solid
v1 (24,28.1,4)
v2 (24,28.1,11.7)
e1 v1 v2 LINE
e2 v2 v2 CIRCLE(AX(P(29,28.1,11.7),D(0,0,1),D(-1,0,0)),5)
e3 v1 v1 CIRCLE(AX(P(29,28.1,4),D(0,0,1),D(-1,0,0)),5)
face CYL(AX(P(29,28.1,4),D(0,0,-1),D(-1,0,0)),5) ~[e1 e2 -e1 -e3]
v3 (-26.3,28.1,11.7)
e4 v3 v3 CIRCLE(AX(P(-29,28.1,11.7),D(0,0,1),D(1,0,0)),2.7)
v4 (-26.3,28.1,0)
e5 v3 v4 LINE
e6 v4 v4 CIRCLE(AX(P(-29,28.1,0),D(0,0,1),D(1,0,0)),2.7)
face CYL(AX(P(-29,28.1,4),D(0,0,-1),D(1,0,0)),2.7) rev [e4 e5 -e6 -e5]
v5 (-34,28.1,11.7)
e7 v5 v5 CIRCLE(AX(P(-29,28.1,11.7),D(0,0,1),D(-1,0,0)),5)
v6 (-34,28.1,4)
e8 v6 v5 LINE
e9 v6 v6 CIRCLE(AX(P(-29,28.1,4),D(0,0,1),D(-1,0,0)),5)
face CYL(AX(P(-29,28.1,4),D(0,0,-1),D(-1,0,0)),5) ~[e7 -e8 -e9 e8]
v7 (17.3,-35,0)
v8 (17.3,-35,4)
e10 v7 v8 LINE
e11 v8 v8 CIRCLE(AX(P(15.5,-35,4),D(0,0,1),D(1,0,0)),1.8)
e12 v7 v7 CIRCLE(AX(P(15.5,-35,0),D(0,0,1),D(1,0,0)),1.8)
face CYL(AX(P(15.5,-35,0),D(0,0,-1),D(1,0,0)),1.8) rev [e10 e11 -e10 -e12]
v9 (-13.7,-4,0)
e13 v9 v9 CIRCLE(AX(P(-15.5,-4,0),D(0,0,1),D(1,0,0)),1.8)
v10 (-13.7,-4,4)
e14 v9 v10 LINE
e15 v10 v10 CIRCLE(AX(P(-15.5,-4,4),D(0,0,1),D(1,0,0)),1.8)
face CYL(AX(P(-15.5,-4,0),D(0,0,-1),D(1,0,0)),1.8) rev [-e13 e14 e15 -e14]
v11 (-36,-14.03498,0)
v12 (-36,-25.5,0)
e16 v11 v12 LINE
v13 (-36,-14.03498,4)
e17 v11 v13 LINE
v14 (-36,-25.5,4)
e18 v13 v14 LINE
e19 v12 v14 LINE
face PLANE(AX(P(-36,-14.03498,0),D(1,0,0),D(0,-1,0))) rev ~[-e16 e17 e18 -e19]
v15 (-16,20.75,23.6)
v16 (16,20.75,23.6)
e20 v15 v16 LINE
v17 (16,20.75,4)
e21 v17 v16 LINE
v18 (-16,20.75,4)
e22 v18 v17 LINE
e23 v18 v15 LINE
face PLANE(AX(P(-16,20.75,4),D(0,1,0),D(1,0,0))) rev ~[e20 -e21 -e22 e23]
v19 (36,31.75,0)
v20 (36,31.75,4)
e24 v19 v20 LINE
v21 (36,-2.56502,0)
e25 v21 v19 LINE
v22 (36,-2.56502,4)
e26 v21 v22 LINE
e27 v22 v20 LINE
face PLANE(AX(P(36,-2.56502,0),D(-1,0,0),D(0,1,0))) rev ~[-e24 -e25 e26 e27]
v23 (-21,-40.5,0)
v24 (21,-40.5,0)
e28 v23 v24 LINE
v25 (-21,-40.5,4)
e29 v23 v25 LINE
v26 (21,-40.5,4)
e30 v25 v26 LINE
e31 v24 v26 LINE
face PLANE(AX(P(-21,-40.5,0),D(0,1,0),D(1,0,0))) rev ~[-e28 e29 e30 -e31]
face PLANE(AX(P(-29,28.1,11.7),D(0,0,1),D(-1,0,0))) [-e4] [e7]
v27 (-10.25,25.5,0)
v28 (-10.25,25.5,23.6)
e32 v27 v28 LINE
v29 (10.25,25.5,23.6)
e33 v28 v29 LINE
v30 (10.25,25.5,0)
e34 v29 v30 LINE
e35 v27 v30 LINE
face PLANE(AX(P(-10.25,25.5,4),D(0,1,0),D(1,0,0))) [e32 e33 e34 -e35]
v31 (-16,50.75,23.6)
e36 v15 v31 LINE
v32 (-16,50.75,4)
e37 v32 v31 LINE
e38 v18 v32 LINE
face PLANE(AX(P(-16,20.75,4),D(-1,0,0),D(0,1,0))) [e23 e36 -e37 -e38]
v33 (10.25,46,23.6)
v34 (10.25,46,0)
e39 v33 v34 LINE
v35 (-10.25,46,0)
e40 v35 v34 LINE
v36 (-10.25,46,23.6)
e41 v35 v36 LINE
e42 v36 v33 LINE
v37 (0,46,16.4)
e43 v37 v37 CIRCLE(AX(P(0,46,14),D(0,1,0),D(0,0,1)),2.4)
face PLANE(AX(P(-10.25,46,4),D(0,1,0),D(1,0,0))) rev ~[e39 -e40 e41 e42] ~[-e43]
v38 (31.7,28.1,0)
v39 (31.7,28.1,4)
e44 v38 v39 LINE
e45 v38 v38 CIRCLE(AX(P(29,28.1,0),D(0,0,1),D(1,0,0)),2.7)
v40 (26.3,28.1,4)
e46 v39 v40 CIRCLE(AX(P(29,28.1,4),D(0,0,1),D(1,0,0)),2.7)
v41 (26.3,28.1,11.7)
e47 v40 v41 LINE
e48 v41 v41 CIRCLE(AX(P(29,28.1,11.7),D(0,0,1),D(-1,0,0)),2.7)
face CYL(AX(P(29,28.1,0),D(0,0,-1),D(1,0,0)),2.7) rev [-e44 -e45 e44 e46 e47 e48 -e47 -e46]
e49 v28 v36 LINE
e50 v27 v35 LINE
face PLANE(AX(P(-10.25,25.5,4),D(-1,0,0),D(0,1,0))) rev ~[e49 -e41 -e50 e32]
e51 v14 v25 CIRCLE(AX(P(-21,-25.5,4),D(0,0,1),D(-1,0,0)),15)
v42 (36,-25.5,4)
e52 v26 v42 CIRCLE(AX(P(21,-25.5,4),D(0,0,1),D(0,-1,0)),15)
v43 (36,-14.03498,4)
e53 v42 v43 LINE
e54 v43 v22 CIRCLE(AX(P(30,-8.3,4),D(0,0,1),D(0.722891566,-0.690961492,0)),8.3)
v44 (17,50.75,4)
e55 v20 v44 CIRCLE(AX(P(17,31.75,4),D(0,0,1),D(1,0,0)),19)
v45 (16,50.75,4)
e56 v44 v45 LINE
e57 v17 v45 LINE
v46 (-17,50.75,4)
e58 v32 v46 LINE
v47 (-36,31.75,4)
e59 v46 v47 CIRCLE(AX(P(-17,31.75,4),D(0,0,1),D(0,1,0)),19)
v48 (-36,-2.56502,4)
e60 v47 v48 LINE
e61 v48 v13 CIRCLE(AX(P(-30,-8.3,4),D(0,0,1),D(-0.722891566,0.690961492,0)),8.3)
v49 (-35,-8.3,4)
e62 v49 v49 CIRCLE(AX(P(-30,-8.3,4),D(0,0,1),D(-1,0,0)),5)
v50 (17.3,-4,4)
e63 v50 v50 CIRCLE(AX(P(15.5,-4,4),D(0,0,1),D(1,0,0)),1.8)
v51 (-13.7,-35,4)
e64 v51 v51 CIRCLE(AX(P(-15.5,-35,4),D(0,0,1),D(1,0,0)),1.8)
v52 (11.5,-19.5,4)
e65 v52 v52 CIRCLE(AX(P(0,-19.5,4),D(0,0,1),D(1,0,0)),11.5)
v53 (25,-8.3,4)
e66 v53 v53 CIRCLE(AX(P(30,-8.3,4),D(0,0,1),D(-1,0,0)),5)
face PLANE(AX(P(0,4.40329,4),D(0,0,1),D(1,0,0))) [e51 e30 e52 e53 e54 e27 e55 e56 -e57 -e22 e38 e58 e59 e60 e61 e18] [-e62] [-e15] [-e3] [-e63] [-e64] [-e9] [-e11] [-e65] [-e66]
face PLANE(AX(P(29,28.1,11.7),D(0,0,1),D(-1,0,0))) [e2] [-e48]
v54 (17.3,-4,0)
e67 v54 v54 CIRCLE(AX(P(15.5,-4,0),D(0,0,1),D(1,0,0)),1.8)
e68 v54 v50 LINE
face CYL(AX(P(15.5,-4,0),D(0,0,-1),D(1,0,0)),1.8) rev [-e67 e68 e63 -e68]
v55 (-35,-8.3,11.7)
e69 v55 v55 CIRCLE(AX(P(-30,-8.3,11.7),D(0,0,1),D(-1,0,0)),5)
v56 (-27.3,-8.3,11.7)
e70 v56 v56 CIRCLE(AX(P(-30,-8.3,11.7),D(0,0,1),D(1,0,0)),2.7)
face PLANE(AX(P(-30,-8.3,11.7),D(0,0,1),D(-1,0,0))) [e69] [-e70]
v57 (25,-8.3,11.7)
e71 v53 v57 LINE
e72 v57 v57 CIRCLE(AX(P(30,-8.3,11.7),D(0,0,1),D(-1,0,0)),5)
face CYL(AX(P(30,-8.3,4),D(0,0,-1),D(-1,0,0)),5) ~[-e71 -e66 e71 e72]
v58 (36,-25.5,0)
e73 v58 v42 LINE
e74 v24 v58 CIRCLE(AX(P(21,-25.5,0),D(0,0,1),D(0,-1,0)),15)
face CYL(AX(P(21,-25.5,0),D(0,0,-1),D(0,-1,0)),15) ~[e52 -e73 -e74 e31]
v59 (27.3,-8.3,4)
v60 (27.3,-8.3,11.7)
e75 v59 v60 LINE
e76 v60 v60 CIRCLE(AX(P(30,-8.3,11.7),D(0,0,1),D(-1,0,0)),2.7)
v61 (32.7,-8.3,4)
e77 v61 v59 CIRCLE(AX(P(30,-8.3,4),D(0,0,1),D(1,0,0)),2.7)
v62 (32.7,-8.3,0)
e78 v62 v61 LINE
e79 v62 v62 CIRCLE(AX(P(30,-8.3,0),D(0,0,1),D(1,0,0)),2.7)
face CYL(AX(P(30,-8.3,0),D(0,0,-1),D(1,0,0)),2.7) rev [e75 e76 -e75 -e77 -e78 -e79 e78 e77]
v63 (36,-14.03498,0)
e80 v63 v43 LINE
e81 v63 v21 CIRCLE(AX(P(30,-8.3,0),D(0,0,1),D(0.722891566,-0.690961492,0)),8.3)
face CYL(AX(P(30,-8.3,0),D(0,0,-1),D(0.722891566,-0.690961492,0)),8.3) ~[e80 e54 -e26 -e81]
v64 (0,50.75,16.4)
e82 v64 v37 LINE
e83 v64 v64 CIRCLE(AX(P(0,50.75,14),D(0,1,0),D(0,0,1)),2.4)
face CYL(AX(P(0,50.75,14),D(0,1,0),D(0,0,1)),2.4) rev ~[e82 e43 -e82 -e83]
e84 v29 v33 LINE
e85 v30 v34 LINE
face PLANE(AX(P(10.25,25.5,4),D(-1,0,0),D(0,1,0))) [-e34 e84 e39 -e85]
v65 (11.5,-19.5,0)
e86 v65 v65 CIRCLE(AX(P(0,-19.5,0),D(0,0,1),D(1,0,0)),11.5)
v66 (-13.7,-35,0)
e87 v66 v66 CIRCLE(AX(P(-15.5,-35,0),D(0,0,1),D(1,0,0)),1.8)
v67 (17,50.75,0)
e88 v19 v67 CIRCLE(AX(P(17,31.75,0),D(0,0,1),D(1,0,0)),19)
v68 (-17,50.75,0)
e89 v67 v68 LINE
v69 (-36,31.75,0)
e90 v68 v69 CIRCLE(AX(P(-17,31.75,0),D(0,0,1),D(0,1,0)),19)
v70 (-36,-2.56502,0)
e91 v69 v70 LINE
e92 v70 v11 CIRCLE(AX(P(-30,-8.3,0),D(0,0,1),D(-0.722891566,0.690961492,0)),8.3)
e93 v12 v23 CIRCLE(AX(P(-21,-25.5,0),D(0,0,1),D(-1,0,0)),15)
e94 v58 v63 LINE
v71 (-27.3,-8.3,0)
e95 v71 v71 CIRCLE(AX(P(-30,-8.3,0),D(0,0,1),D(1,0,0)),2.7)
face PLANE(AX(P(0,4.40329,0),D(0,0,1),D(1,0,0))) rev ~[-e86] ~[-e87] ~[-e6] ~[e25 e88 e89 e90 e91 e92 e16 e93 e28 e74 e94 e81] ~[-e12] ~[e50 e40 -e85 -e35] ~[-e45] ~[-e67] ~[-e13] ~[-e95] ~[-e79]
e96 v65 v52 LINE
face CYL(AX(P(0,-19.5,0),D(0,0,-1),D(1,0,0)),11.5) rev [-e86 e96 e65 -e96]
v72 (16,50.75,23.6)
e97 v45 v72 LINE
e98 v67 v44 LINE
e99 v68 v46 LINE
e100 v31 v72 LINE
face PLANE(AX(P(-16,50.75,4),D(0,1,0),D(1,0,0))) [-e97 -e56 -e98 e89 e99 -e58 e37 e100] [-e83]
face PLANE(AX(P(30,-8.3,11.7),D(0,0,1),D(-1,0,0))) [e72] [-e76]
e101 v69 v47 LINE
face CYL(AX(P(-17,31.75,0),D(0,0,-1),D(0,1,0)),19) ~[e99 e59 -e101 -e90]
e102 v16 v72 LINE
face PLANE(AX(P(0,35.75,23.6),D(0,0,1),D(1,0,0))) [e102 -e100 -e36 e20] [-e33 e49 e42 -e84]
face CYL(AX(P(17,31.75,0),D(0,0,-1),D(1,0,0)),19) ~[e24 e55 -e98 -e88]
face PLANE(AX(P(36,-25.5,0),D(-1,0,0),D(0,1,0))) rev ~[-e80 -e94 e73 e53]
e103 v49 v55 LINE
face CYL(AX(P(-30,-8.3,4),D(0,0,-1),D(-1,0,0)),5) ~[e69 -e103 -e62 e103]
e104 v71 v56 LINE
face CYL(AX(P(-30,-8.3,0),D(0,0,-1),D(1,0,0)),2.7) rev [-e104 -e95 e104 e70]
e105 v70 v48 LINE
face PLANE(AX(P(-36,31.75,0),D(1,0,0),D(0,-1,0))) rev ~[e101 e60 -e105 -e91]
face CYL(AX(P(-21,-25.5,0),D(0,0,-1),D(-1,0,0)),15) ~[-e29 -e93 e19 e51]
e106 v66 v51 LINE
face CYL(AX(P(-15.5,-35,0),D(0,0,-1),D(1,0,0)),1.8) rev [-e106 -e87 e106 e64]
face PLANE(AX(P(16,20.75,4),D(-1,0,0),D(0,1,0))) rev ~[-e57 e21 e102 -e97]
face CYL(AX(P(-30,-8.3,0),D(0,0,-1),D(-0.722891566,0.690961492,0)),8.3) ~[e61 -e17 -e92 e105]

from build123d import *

# Parameters (mm, degrees)
SKETCH_1_R          = 1.8
SKETCH_1_R_2        = 11.5
SKETCH_1_R_3        = 2.7
SKETCH_1_W          = 20.5
SKETCH_1_H          = 20.5
EXTRUDE_1_DEPTH     = 4
EXTRUDE_START       = 4
SKETCH_1_4_W        = 32
SKETCH_1_4_H        = 30
SKETCH_1_4_W_2      = 20.5
SKETCH_1_4_H_2      = 20.5
SKETCH_1_4_R        = 1.6
EXTRUDE_3_DEPTH     = 19.6
CUT_EXTRUDE_4_REACH = 103.737
SKETCH_8_R          = 2.4
SKETCH_9_R          = 5
SKETCH_9_R_2        = 2.7
EXTRUDE_4_DEPTH     = 7.7


with BuildPart() as part:
    # 草图1 → 凸台-拉伸1 (new body)
    with BuildSketch(Plane.XY):
        with BuildLine():
            ThreePointArc((-36, -25.5), (-31.606601718, -36.106601718), (-21, -40.5))
            Line((-21, -40.5), (21, -40.5))
            ThreePointArc((21, -40.5), (31.606601718, -36.106601718), (36, -25.5))
            Line((36, -25.5), (36, -14.034980384))
            ThreePointArc((36, -14.034980384), (38.3, -8.3), (36, -2.565019616))
            Line((36, -2.565019616), (36, 31.75))
            ThreePointArc((36, 31.75), (30.435028843, 45.185028843), (17, 50.75))
            Line((17, 50.75), (-17, 50.75))
            ThreePointArc((-17, 50.75), (-30.435028843, 45.185028843), (-36, 31.75))
            Line((-36, 31.75), (-36, -2.565019616))
            ThreePointArc((-36, -2.565019616), (-38.3, -8.3), (-36, -14.034980384))
            Line((-36, -14.034980384), (-36, -25.5))
        make_face()
        with Locations((15.5, -35)):
            Circle(SKETCH_1_R, mode=Mode.SUBTRACT)
        with Locations((0, -19.5)):
            Circle(SKETCH_1_R_2, mode=Mode.SUBTRACT)
        with Locations((15.5, -4)):
            Circle(SKETCH_1_R, mode=Mode.SUBTRACT)
        with Locations((-15.5, -35)):
            Circle(SKETCH_1_R, mode=Mode.SUBTRACT)
        with Locations((-15.5, -4)):
            Circle(SKETCH_1_R, mode=Mode.SUBTRACT)
        with Locations((-30, -8.3)):
            Circle(SKETCH_1_R_3, mode=Mode.SUBTRACT)
        with Locations((30, -8.3)):
            Circle(SKETCH_1_R_3, mode=Mode.SUBTRACT)
        with Locations((-29, 28.1)):
            Circle(SKETCH_1_R_3, mode=Mode.SUBTRACT)
        with Locations((29, 28.1)):
            Circle(SKETCH_1_R_3, mode=Mode.SUBTRACT)
        with Locations((0, 35.75)):
            Rectangle(SKETCH_1_W, SKETCH_1_H, mode=Mode.SUBTRACT)
    extrude(amount=EXTRUDE_1_DEPTH)

    # 草图1<4> → 凸台-拉伸3 (add)
    # profile 1 of 3: a face of its own
    with BuildSketch(Plane.XY.offset(EXTRUDE_START)):
        with Locations((0, 35.75)):
            Rectangle(SKETCH_1_4_W, SKETCH_1_4_H)
        with Locations((0, 35.75)):
            Rectangle(SKETCH_1_4_W_2, SKETCH_1_4_H_2, mode=Mode.SUBTRACT)
    # profile 2 of 3: a face of its own
    with BuildSketch(Plane.XY.offset(EXTRUDE_START)):
        with Locations((-13.2, 35.75)):
            Circle(SKETCH_1_4_R)
    # profile 3 of 3: a face of its own
    with BuildSketch(Plane.XY.offset(EXTRUDE_START)):
        with Locations((13.2, 35.75)):
            Circle(SKETCH_1_4_R)
    extrude(amount=EXTRUDE_3_DEPTH)

    # 草图8 → 切除-拉伸4 (cut, up to next)
    with BuildSketch(Plane(origin=(0, 50.75, 0), x_dir=(1, 0, 0), z_dir=(0, 1, 0)), mode=Mode.PRIVATE) as cut_extrude_4_sk1:
        with Locations(Location((0, -14, 0), (0, 0, 270))):
            Circle(SKETCH_8_R)
    cut_extrude_4_tool1 = extrude(cut_extrude_4_sk1.sketch, amount=-CUT_EXTRUDE_4_REACH, mode=Mode.PRIVATE) & part.part
    add(cut_extrude_4_tool1.solids().sort_by_distance((0, 50.75, 14))[0], mode=Mode.SUBTRACT)

    # 草图9 → 凸台-拉伸4 (add)
    # profile 1 of 4: a face of its own
    with BuildSketch(Plane.XY.offset(4)):
        with Locations(Location((-29, 28.1, 0), (0, 0, 180))):
            Circle(SKETCH_9_R)
        with Locations((-29, 28.1)):
            Circle(SKETCH_9_R_2, mode=Mode.SUBTRACT)
    # profile 2 of 4: a face of its own
    with BuildSketch(Plane.XY.offset(4)):
        with Locations(Location((-30, -8.3, 0), (0, 0, 180))):
            Circle(SKETCH_9_R)
        with Locations((-30, -8.3)):
            Circle(SKETCH_9_R_2, mode=Mode.SUBTRACT)
    # profile 3 of 4: a face of its own
    with BuildSketch(Plane.XY.offset(4)):
        with Locations(Location((30, -8.3, 0), (0, 0, 180))):
            Circle(SKETCH_9_R)
        with Locations(Location((30, -8.3, 0), (0, 0, 180))):
            Circle(SKETCH_9_R_2, mode=Mode.SUBTRACT)
    # profile 4 of 4: a face of its own
    with BuildSketch(Plane.XY.offset(4)):
        with Locations(Location((29, 28.1, 0), (0, 0, 180))):
            Circle(SKETCH_9_R)
        with Locations(Location((29, 28.1, 0), (0, 0, 180))):
            Circle(SKETCH_9_R_2, mode=Mode.SUBTRACT)
    extrude(amount=EXTRUDE_4_DEPTH)


solid = part.part
